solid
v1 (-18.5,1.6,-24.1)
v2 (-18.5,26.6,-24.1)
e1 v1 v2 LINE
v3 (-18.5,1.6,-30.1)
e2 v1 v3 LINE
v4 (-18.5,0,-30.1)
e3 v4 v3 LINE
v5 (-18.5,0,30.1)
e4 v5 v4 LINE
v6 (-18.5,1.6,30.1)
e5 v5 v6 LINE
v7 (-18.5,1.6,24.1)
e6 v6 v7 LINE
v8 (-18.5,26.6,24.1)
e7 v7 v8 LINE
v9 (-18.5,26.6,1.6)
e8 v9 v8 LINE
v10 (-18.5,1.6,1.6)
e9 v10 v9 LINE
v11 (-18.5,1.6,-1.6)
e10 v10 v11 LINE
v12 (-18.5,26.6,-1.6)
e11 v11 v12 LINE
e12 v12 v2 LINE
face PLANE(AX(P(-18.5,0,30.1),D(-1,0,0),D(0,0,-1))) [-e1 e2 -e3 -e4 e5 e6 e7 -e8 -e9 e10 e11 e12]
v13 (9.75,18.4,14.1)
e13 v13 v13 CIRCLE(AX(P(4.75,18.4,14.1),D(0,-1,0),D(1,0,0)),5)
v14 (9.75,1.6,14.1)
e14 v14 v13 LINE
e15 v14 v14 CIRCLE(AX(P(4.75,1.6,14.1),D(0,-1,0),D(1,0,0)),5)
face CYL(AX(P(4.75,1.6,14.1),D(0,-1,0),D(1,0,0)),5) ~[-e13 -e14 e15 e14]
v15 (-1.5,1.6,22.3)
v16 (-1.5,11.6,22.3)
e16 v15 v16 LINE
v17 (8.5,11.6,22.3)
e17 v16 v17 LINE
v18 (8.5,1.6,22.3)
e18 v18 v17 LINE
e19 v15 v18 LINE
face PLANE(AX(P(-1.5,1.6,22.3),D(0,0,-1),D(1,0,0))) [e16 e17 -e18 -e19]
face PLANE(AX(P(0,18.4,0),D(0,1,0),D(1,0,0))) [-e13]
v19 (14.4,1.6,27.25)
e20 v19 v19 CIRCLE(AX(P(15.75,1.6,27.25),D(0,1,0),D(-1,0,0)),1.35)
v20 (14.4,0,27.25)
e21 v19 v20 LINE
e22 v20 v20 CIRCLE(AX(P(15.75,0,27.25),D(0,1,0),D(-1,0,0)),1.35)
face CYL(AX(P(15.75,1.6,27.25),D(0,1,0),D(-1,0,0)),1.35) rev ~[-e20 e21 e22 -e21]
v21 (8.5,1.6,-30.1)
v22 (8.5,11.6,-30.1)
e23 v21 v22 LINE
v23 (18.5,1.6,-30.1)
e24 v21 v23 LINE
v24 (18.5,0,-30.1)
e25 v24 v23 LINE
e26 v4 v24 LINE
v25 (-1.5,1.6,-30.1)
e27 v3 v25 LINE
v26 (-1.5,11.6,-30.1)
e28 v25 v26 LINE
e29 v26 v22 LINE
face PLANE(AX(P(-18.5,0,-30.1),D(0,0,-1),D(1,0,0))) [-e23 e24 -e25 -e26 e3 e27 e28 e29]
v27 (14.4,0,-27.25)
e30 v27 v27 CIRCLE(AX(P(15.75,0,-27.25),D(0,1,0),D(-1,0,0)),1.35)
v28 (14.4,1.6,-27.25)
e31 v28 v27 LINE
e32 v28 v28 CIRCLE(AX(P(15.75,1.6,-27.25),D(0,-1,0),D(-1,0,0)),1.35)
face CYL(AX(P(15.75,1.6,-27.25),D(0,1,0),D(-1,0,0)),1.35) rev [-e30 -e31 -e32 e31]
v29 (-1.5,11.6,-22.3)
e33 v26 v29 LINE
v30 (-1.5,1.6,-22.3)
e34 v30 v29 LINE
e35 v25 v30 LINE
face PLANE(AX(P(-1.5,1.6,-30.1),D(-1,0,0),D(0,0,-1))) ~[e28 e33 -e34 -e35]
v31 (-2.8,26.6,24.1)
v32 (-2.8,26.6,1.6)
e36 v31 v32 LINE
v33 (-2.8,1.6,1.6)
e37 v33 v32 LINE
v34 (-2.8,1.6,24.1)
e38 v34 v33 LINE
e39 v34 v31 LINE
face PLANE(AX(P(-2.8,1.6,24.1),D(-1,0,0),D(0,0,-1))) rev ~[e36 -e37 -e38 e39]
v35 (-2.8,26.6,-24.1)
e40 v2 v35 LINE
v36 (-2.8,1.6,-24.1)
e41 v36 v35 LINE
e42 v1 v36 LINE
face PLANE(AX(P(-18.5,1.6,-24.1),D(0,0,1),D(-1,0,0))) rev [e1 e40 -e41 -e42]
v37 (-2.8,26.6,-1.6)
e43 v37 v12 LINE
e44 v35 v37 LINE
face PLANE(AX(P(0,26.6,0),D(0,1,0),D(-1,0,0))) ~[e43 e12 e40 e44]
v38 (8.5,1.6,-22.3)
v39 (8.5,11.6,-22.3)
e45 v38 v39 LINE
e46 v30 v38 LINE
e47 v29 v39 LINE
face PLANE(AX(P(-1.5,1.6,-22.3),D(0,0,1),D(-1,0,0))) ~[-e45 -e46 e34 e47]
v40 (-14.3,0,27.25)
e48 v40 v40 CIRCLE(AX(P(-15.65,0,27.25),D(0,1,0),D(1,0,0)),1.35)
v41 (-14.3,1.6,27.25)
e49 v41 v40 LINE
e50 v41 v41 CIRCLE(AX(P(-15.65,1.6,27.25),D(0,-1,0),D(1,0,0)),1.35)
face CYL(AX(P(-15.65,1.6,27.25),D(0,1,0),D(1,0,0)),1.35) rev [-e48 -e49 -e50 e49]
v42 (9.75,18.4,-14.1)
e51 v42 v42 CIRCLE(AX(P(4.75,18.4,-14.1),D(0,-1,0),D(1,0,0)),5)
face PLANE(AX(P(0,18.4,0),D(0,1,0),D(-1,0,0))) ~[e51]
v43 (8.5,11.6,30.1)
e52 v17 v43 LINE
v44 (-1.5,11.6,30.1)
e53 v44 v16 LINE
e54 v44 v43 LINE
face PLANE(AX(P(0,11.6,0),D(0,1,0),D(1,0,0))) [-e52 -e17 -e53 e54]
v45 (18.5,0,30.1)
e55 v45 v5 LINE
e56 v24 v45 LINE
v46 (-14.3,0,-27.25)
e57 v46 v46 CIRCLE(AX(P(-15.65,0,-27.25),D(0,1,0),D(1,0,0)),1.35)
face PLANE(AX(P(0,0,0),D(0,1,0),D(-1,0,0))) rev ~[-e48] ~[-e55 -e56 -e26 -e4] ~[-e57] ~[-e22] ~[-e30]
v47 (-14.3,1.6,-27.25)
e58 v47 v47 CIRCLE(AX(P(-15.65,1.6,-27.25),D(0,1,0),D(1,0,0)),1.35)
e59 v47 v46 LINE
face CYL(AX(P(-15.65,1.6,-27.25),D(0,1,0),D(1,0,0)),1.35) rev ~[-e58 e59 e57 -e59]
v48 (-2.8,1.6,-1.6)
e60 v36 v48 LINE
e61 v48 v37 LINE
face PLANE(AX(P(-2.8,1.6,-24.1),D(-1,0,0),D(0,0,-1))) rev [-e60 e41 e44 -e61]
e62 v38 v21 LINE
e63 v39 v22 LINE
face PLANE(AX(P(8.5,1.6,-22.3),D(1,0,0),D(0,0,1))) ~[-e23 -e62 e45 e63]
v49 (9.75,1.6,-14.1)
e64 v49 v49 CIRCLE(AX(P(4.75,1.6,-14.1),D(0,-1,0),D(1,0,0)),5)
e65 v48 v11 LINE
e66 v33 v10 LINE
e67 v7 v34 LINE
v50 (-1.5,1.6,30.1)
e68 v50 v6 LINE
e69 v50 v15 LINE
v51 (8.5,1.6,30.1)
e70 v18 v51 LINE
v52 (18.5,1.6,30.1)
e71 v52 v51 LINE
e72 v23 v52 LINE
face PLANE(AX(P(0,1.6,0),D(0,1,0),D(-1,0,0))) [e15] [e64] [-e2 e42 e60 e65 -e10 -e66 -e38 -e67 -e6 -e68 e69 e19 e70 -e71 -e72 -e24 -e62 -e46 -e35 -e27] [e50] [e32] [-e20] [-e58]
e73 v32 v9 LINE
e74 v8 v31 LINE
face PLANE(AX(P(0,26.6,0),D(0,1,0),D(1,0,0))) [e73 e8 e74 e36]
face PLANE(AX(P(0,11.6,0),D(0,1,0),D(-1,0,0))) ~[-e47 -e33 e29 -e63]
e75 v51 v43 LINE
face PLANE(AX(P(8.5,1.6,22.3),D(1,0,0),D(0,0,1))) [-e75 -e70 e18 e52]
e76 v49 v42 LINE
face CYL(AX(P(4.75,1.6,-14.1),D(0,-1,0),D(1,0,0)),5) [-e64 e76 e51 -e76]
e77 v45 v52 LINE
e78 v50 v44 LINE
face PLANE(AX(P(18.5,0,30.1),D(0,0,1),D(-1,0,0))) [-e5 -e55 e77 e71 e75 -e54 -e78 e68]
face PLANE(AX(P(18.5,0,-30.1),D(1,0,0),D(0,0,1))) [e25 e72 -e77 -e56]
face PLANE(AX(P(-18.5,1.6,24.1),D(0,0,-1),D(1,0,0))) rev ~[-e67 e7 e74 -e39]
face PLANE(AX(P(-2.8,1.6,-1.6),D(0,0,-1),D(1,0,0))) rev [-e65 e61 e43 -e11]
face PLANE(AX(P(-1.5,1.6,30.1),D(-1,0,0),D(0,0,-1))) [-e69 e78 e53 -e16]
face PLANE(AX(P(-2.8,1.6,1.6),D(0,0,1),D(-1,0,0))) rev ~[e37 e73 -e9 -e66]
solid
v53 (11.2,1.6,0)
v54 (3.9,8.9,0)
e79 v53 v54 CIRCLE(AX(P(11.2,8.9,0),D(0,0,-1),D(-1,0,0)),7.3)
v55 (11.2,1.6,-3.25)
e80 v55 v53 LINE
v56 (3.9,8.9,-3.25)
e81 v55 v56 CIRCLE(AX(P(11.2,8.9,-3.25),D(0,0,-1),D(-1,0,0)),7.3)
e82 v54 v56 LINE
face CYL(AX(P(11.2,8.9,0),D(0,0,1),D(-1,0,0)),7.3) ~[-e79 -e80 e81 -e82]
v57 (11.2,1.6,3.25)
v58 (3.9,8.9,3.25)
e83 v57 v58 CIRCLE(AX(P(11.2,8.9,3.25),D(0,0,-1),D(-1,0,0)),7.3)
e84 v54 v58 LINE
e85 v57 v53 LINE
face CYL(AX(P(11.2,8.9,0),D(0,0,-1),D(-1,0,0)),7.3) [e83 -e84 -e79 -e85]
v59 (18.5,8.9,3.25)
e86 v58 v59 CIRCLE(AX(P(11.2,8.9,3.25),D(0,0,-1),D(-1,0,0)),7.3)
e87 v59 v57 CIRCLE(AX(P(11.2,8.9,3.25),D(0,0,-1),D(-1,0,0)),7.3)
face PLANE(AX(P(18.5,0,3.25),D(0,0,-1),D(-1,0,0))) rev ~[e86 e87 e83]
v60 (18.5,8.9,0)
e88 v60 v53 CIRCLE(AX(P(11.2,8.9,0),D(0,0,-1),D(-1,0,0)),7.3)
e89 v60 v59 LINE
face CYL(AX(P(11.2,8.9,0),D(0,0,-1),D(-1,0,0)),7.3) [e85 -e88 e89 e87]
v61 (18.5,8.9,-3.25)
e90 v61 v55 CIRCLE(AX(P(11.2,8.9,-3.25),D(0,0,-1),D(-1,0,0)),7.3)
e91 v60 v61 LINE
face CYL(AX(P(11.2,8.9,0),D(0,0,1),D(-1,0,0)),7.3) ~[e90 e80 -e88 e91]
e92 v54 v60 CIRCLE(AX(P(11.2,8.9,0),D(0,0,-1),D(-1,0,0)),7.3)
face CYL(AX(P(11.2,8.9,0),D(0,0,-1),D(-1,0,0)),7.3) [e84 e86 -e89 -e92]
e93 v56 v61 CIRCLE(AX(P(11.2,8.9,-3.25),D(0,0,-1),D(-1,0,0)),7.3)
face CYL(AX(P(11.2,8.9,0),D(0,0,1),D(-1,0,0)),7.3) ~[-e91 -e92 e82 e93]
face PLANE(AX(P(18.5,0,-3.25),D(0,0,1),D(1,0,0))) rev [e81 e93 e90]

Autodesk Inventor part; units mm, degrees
ref_plane "YZ Plane" through (0, 0, 0) normal (1, 0, 0) x (0, 1, 0)
sketch "Sketch1" plane through (0, 0, 0) normal (0, 1, 0) x (-1, 0, 0)
  line L0 (-18.5, 30.1) -> (18.5, 30.1)
  line L1 (18.5, 30.1) -> (18.5, -30.1)
  line L2 (18.5, -30.1) -> (-18.5, -30.1)
  line L3 (-18.5, -30.1) -> (-18.5, 30.1)
  line L4 (-18.5, 30.1) -> (18.5, -30.1) construction
  line L5 (18.5, 30.1) -> (-18.5, -30.1) construction
  point P0 (0, 0)
  dimension "d0" = 37
  dimension "d1" = 60.2
extrude "Extrusion1" add sketch "Sketch1" along normal blind 1.6
sketch "Sketch2" plane through (0, 1.6, 0) normal (0, 1, 0) x (1, 0, 0)
  line L0 (-18.5, -30.1) -> (18.5, -30.1) projected
  line L1 (18.5, -30.1) -> (8.5, -30.1)
  line L2 (8.5, -30.1) -> (-1.5, -30.1)
  line L3 (-1.5, -30.1) -> (-1.5, -22.3)
  line L4 (-1.5, -22.3) -> (8.5, -22.3)
  line L5 (8.5, -22.3) -> (8.5, -30.1)
  point P0 (0, 0)
  point P1 (-1.5, -30.1)
  dimension "d4" = 10
  dimension "d5" = 10
  dimension "d6" = 7.8
extrude "Extrusion2" add sketch "Sketch2" along normal blind 10
sketch "Sketch3" plane through (0, 1.6, 0) normal (0, 1, 0) x (1, 0, 0)
  line L0 (-18.5, -30.1) -> (18.5, -30.1) projected
  line L1 (18.5, -30.1) -> (4.75, -30.1)
  line L2 (4.75, -30.1) -> (4.75, -14.1)
  circle A0 centre (4.75, -14.1) radius 5
  point P0 (0, 0)
  dimension "d9" = 13.75
  dimension "d10" = 16
  dimension "d11" = 10
extrude "Extrusion3" add sketch "Sketch3" along normal blind 16.8
sketch "Sketch4" plane through (0, 1.6, 0) normal (0, 1, 0) x (1, 0, 0)
  line L0 (-18.5, -30.1) -> (-1.5, -30.1) projected
  line L1 (-18.5, -30.1) -> (-18.5, -24.1)
  line L2 (-18.5, 30.1) -> (-18.5, -30.1) projected
  line L3 (-18.5, -24.1) -> (-2.8, -24.1)
  line L4 (-2.8, -24.1) -> (-2.8, -1.6)
  line L5 (-2.8, -1.6) -> (-18.5, -1.6)
  line L6 (-18.5, -1.6) -> (-18.5, -24.1)
  point P0 (0, 0)
  dimension "d14" = 6
  dimension "d15" = 15.7
  dimension "d16" = 22.5
extrude "Extrusion4" add sketch "Sketch4" along normal blind 25
ref_plane "Work Plane1" through (18.5, 0, 0) normal (0, 0, -1) x (-1, 0, 0)
sketch "Sketch6" plane through (18.5, 0, 0) normal (0, 0, -1) x (-1, 0, 0)
  line L0 (0, 1.6) -> (0, 8.9)
  line L1 (0, 8.9) -> (7.3, 8.9)
  circle A0 centre (7.3, 8.9) radius 7.3
  point P0 (18.5, 0)
  dimension "d25" = 7.3
  dimension "d26" = 7.3
  dimension "d27" = 14.6
extrude "Extrusion6" add sketch "Sketch6" against normal blind 3.25
mirror "Mirror2" about plane through (18.5, 0, 0) normal (0, 0, -1) of "Extrusion4", "Extrusion2", "Extrusion3", "Extrusion6"
sketch "Sketch7" plane through (0, 1.6, 0) normal (0, 1, 0) x (1, 0, 0)
  circle A0 centre (-15.65, 27.25) radius 1.35
  line L0 (-18.5, 30.1) -> (-18.5, 24.1) projected
  point P0 (0, 0)
  dimension "d32" = 2.7
  dimension "d36" = 2.85
  dimension "d37" = 2.85
extrude "Extrusion7" cut sketch "Sketch7" against normal blind 3.25
ref_plane "Work Plane2" through (0.05, 0, 30.1) normal (1, 0, 0) x (0, 0, -1)
mirror "Mirror3" about plane through (0.05, 0, 30.1) normal (1, 0, 0) of "Extrusion7"
mirror "Mirror4" about plane through (18.5, 0, 0) normal (0, 0, -1) of "Extrusion7", "Mirror3"
properties part number "ConversosDCDC"
